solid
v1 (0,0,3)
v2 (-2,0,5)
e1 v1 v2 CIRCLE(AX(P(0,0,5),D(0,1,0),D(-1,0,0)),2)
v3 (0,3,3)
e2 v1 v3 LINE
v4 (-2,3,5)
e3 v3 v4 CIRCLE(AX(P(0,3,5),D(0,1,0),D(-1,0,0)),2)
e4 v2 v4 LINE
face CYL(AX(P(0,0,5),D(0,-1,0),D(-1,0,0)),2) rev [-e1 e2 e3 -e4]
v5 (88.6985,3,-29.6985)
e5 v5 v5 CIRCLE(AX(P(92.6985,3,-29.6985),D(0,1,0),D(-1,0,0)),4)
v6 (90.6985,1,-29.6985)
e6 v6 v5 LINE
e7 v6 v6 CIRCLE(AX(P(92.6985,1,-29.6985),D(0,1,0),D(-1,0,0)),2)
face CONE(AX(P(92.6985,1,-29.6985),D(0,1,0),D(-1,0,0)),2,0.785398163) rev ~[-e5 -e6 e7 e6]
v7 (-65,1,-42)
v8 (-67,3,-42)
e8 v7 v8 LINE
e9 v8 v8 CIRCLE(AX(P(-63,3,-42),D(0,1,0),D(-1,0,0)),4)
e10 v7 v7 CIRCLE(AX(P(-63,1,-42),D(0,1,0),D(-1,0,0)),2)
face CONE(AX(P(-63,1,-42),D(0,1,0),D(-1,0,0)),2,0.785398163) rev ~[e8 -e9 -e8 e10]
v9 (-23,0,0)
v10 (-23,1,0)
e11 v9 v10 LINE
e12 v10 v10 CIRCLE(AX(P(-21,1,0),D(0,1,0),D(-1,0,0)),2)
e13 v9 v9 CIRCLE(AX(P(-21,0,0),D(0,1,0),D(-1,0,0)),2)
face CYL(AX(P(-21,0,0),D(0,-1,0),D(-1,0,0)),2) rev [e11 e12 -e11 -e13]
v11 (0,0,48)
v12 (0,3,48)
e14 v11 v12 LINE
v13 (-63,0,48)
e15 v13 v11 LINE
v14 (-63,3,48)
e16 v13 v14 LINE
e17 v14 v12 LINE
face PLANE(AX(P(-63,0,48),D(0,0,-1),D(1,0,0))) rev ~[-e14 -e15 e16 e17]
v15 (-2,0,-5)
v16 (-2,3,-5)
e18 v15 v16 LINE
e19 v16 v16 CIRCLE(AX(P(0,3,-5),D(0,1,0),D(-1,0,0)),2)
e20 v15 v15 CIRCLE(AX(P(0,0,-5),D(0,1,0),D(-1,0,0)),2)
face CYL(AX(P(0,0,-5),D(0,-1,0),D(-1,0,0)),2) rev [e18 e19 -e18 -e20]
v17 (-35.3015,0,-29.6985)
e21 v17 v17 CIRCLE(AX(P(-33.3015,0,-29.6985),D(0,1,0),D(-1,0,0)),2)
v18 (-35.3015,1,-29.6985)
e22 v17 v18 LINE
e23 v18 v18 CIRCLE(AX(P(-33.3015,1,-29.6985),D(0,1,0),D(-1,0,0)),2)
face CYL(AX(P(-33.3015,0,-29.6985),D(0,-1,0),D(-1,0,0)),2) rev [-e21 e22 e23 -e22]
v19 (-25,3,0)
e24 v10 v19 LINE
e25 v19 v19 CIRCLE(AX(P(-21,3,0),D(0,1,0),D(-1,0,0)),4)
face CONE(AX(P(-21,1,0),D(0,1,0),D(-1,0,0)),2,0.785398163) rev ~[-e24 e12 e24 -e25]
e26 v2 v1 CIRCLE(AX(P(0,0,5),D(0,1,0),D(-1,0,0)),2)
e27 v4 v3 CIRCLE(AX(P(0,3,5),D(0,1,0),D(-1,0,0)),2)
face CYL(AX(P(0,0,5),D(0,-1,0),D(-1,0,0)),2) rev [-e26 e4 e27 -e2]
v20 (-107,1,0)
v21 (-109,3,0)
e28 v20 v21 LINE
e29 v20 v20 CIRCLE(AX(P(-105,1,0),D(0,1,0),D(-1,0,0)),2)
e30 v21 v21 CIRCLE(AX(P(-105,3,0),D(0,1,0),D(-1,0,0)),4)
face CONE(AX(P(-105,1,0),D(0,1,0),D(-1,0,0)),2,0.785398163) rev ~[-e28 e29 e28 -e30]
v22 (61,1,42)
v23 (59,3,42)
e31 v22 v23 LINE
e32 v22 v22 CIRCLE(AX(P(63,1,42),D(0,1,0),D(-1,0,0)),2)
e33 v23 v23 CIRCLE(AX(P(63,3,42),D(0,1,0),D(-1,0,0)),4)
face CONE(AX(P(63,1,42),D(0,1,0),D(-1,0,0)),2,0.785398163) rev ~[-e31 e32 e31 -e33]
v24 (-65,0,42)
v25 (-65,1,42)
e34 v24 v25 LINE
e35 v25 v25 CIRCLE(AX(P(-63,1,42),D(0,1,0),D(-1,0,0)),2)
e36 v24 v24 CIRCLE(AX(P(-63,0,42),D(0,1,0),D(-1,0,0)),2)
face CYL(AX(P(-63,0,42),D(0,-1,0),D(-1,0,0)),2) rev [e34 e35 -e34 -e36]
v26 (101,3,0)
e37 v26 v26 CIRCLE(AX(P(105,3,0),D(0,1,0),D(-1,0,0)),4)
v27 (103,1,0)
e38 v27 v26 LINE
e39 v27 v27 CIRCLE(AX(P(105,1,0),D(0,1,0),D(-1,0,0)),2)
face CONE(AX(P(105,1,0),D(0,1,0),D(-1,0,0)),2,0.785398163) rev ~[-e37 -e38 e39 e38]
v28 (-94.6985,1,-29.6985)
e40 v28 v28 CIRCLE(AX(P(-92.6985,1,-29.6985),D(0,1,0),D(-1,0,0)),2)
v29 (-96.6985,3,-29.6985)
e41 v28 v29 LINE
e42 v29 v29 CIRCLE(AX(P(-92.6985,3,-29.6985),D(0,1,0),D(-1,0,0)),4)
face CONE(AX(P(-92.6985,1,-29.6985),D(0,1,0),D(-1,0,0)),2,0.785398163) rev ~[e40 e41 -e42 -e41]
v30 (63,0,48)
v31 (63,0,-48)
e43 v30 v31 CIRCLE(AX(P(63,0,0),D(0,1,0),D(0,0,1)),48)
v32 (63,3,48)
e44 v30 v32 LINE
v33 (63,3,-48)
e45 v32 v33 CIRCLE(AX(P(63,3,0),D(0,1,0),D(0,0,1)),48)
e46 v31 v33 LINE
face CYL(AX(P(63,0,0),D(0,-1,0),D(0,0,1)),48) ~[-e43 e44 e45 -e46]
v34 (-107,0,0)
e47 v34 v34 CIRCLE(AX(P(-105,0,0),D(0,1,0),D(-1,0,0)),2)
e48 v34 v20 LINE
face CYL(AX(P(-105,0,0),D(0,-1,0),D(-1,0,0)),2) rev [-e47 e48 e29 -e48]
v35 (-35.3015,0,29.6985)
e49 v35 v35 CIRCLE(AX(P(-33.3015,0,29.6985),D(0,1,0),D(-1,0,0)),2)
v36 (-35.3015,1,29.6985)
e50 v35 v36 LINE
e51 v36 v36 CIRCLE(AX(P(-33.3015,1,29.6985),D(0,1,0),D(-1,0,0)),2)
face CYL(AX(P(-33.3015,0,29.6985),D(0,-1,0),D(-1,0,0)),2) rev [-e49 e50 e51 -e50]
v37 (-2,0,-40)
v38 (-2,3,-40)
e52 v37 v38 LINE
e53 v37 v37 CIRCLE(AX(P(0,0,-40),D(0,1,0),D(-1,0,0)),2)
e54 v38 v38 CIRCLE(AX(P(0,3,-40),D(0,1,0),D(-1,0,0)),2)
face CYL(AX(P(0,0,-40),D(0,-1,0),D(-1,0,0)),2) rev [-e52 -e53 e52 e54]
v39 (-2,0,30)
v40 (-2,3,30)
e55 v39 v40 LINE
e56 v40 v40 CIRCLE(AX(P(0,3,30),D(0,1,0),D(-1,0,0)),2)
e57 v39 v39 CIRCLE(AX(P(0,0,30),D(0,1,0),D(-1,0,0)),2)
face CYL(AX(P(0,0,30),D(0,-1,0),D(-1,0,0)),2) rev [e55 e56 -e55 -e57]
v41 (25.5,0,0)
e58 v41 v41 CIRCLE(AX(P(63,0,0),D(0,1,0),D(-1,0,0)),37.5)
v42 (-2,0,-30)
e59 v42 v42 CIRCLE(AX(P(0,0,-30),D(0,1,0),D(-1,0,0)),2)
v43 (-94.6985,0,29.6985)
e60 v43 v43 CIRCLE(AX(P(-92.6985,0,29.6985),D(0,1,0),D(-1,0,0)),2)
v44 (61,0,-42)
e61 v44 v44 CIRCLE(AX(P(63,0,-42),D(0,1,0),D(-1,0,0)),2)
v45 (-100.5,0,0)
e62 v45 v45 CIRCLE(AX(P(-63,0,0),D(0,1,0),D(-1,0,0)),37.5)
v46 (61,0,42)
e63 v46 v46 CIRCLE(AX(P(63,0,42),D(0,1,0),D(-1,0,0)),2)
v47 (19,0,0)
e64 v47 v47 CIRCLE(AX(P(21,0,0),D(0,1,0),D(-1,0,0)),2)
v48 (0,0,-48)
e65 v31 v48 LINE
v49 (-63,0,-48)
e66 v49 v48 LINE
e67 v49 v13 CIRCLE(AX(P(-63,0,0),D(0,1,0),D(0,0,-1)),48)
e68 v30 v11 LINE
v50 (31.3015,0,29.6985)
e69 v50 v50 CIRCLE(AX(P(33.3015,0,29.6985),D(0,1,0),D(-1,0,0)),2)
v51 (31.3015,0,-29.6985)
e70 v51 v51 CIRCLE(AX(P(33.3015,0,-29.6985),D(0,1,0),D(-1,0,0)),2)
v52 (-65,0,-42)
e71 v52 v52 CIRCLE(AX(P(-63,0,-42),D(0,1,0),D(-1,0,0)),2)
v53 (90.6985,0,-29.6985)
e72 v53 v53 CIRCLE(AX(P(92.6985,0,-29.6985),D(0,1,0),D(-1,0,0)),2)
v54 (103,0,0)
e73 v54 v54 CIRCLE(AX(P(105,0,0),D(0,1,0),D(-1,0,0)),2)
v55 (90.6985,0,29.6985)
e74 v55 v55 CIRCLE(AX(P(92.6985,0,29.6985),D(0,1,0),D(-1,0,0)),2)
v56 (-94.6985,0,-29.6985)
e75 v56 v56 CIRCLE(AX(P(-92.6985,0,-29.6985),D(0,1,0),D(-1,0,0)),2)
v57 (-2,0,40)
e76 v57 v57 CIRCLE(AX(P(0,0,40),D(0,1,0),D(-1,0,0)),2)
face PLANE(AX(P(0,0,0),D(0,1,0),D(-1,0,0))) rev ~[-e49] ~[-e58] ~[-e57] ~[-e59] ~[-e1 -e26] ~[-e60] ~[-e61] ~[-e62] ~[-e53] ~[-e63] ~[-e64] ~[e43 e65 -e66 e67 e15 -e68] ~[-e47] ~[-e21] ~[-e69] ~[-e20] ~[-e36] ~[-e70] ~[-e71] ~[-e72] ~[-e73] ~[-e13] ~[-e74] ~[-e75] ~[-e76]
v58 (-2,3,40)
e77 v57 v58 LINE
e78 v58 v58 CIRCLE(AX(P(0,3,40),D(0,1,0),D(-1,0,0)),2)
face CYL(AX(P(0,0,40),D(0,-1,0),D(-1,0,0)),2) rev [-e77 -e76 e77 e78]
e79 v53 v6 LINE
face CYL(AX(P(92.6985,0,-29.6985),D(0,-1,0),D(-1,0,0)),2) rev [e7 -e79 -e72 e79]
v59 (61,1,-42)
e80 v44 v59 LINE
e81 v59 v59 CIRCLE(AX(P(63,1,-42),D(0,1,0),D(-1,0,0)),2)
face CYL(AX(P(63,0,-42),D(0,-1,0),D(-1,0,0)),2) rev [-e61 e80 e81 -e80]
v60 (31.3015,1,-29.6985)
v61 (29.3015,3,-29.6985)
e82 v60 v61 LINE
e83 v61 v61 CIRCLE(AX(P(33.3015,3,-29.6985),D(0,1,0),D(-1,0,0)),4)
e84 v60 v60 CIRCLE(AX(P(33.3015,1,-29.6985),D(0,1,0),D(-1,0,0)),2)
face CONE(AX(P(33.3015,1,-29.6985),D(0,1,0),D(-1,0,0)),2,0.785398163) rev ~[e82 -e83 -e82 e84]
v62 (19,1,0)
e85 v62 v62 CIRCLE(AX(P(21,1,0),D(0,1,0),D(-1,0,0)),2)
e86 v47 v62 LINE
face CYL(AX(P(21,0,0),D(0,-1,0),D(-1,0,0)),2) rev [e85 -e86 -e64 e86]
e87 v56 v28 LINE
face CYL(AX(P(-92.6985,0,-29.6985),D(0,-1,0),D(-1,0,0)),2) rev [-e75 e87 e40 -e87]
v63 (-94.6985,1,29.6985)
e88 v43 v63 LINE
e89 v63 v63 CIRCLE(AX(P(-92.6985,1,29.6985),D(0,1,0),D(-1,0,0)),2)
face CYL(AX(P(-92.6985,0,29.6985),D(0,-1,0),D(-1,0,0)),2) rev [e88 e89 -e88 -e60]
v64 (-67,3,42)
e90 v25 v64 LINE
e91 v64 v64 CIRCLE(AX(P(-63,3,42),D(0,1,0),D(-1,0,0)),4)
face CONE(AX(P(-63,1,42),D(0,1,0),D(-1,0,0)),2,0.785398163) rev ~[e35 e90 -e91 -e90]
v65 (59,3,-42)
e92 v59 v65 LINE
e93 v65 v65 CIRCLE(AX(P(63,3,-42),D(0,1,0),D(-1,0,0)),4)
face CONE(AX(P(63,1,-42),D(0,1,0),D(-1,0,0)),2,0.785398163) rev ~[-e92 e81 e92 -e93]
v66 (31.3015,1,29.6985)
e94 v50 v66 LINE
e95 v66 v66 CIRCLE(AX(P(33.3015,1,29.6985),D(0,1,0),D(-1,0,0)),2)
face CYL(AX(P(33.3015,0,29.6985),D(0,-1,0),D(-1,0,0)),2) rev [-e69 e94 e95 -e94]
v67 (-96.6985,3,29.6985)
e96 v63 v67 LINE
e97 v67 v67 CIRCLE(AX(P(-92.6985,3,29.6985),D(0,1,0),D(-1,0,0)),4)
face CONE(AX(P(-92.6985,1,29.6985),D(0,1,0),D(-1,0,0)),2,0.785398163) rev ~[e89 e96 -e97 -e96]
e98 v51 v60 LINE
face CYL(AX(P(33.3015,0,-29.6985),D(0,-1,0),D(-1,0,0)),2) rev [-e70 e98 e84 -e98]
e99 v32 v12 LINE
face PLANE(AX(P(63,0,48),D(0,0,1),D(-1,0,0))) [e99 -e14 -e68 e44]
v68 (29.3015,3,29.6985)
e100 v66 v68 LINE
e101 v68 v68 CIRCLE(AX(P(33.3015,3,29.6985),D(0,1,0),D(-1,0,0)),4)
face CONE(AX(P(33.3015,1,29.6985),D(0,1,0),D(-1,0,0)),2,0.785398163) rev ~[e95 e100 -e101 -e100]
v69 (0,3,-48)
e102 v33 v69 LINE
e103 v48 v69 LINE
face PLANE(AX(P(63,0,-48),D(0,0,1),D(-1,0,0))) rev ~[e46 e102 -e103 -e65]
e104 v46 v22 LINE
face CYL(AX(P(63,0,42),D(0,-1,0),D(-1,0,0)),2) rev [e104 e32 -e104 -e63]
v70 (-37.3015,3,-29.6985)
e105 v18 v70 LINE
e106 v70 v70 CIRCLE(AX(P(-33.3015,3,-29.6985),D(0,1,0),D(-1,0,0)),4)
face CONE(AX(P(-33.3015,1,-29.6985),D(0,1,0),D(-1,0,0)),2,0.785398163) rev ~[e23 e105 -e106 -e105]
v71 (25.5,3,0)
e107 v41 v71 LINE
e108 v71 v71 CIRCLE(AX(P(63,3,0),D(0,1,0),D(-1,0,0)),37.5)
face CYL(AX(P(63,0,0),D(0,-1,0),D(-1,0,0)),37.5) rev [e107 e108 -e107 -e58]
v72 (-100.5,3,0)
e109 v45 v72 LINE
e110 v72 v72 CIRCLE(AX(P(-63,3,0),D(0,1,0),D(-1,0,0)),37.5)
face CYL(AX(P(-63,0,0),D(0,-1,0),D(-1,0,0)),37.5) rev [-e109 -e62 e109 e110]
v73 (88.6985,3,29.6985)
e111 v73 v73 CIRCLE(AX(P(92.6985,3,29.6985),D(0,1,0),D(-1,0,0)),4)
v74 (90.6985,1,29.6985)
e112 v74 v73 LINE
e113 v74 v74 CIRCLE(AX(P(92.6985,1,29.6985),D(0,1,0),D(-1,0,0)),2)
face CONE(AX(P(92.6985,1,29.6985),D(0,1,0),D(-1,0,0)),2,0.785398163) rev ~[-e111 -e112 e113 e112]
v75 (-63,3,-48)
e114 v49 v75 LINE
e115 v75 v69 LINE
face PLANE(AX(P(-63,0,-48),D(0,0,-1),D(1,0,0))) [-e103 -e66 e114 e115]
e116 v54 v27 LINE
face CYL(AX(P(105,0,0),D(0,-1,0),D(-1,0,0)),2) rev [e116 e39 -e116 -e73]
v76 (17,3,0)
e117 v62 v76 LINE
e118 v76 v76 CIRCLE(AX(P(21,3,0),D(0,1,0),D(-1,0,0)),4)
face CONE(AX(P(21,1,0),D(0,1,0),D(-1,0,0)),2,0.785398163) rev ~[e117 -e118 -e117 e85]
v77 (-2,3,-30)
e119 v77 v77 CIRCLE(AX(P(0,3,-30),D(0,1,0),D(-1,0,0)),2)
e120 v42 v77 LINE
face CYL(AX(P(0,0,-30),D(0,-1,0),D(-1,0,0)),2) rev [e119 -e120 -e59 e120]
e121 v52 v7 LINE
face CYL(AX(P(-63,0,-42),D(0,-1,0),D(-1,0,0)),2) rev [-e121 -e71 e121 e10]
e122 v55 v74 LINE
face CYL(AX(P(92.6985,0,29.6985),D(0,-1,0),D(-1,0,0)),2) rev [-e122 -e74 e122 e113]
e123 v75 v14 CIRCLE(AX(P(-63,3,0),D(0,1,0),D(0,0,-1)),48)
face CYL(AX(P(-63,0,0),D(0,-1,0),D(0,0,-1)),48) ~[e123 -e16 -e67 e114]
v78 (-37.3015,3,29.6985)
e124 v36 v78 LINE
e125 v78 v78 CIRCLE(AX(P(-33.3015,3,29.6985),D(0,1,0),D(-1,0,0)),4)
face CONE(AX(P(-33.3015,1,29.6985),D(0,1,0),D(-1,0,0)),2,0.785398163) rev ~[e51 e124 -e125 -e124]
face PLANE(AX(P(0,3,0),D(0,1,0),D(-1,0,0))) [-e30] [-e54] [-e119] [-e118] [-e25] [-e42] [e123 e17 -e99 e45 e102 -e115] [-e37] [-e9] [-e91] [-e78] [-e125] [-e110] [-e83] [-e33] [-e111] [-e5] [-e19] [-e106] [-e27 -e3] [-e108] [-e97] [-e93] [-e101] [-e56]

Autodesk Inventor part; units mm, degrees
ref_plane "YZ Plane" through (0, 0, 0) normal (1, 0, 0) x (0, 1, 0)
ref_plane "XZ Plane" through (0, 0, 0) normal (0, 1, 0) x (-1, 0, 0)
ref_plane "XY Plane" through (0, 0, 0) normal (0, 0, 1) x (1, 0, 0)
sketch "Sketch1" plane through (0, 0, 0) normal (0, 1, 0) x (-1, 0, 0)
  arc A0 (-63, 48) -> (-63, -48) centre (-63, 0) ccw
  line L0 (0, -30.052) -> (0, -21.9885) construction
  circle A1 centre (-63, 0) radius 37.5
  circle A2 centre (-63, 0) radius 42 construction
  line L1 (-63, -48) -> (0, -48)
  line L2 (-63, 48) -> (0, 48)
  line L3 (0, 0) -> (-63, 0) construction
  circle A3 centre (-63, -42) radius 2
  circle A4 centre (-33.3015, -29.6985) radius 2
  circle A5 centre (-21, 0) radius 2
  circle A6 centre (-33.3015, 29.6985) radius 2
  circle A7 centre (-63, 42) radius 2
  circle A8 centre (-92.6985, 29.6985) radius 2
  circle A9 centre (-105, 0) radius 2
  circle A10 centre (-92.6985, -29.6985) radius 2
  arc A11 (63, -48) -> (63, 48) centre (63, 0) ccw
  circle A12 centre (63, 0) radius 37.5
  circle A13 centre (63, 0) radius 42 construction
  line L4 (63, -48) -> (0, -48)
  line L5 (63, 48) -> (0, 48)
  line L6 (0, 0) -> (63, 0) construction
  circle A14 centre (63, -42) radius 2
  circle A15 centre (33.3015, -29.6985) radius 2
  circle A16 centre (21, 0) radius 2
  circle A17 centre (33.3015, 29.6985) radius 2
  circle A18 centre (63, 42) radius 2
  circle A19 centre (92.6985, 29.6985) radius 2
  circle A20 centre (105, 0) radius 2
  circle A21 centre (92.6985, -29.6985) radius 2
  line L7 (0, 0) -> (0, -5) construction
  circle A22 centre (0, -5) radius 2
  line L8 (0, 0) -> (0, 5)
  circle A23 centre (0, 5) radius 2
  line L9 (0, -48) -> (0, -40) construction
  circle A24 centre (0, -40) radius 2
  line L10 (0, -40) -> (0, -30) construction
  circle A25 centre (0, -30) radius 2
  line L11 (0, 30.052) -> (0, 21.9885) construction
  line L12 (0, 48) -> (0, 40) construction
  circle A26 centre (0, 40) radius 2
  line L13 (0, 40) -> (0, 30) construction
  circle A27 centre (0, 30) radius 2
  dimension "d4" = 84
  dimension "d2" = 96
  dimension "d3" = 75
  dimension "d5" = 63
  dimension "d6" = 4
  dimension "d9" = 360
  dimension "d24" = 5
  dimension "d25" = 4
  dimension "d26" = 5
  dimension "d27" = 4
  dimension "d32" = 8
  dimension "d33" = 4
  dimension "d34" = 10
  dimension "d35" = 4
extrude "Extrusion1" add sketch "Sketch1" along normal blind 3
chamfer "Chamfer1" distance 2 angle 45 16 edges at (-19, 3, 0) (-31.3015, 3, -29.6985) (-61, 3, -42) (-90.6985, 3, -29.6985) (-103, 3, 0) (-90.6985, 3, 29.6985) (-61, 3, 42) (-31.3015, 3, 29.6985) (35.3015, 3, 29.6985) (23, 3, 0) (35.3015, 3, -29.6985) (65, 3, -42) (94.6985, 3, -29.6985) (107, 3, 0) (94.6985, 3, 29.6985) (65, 3, 42)
properties part number "leg_connector"
